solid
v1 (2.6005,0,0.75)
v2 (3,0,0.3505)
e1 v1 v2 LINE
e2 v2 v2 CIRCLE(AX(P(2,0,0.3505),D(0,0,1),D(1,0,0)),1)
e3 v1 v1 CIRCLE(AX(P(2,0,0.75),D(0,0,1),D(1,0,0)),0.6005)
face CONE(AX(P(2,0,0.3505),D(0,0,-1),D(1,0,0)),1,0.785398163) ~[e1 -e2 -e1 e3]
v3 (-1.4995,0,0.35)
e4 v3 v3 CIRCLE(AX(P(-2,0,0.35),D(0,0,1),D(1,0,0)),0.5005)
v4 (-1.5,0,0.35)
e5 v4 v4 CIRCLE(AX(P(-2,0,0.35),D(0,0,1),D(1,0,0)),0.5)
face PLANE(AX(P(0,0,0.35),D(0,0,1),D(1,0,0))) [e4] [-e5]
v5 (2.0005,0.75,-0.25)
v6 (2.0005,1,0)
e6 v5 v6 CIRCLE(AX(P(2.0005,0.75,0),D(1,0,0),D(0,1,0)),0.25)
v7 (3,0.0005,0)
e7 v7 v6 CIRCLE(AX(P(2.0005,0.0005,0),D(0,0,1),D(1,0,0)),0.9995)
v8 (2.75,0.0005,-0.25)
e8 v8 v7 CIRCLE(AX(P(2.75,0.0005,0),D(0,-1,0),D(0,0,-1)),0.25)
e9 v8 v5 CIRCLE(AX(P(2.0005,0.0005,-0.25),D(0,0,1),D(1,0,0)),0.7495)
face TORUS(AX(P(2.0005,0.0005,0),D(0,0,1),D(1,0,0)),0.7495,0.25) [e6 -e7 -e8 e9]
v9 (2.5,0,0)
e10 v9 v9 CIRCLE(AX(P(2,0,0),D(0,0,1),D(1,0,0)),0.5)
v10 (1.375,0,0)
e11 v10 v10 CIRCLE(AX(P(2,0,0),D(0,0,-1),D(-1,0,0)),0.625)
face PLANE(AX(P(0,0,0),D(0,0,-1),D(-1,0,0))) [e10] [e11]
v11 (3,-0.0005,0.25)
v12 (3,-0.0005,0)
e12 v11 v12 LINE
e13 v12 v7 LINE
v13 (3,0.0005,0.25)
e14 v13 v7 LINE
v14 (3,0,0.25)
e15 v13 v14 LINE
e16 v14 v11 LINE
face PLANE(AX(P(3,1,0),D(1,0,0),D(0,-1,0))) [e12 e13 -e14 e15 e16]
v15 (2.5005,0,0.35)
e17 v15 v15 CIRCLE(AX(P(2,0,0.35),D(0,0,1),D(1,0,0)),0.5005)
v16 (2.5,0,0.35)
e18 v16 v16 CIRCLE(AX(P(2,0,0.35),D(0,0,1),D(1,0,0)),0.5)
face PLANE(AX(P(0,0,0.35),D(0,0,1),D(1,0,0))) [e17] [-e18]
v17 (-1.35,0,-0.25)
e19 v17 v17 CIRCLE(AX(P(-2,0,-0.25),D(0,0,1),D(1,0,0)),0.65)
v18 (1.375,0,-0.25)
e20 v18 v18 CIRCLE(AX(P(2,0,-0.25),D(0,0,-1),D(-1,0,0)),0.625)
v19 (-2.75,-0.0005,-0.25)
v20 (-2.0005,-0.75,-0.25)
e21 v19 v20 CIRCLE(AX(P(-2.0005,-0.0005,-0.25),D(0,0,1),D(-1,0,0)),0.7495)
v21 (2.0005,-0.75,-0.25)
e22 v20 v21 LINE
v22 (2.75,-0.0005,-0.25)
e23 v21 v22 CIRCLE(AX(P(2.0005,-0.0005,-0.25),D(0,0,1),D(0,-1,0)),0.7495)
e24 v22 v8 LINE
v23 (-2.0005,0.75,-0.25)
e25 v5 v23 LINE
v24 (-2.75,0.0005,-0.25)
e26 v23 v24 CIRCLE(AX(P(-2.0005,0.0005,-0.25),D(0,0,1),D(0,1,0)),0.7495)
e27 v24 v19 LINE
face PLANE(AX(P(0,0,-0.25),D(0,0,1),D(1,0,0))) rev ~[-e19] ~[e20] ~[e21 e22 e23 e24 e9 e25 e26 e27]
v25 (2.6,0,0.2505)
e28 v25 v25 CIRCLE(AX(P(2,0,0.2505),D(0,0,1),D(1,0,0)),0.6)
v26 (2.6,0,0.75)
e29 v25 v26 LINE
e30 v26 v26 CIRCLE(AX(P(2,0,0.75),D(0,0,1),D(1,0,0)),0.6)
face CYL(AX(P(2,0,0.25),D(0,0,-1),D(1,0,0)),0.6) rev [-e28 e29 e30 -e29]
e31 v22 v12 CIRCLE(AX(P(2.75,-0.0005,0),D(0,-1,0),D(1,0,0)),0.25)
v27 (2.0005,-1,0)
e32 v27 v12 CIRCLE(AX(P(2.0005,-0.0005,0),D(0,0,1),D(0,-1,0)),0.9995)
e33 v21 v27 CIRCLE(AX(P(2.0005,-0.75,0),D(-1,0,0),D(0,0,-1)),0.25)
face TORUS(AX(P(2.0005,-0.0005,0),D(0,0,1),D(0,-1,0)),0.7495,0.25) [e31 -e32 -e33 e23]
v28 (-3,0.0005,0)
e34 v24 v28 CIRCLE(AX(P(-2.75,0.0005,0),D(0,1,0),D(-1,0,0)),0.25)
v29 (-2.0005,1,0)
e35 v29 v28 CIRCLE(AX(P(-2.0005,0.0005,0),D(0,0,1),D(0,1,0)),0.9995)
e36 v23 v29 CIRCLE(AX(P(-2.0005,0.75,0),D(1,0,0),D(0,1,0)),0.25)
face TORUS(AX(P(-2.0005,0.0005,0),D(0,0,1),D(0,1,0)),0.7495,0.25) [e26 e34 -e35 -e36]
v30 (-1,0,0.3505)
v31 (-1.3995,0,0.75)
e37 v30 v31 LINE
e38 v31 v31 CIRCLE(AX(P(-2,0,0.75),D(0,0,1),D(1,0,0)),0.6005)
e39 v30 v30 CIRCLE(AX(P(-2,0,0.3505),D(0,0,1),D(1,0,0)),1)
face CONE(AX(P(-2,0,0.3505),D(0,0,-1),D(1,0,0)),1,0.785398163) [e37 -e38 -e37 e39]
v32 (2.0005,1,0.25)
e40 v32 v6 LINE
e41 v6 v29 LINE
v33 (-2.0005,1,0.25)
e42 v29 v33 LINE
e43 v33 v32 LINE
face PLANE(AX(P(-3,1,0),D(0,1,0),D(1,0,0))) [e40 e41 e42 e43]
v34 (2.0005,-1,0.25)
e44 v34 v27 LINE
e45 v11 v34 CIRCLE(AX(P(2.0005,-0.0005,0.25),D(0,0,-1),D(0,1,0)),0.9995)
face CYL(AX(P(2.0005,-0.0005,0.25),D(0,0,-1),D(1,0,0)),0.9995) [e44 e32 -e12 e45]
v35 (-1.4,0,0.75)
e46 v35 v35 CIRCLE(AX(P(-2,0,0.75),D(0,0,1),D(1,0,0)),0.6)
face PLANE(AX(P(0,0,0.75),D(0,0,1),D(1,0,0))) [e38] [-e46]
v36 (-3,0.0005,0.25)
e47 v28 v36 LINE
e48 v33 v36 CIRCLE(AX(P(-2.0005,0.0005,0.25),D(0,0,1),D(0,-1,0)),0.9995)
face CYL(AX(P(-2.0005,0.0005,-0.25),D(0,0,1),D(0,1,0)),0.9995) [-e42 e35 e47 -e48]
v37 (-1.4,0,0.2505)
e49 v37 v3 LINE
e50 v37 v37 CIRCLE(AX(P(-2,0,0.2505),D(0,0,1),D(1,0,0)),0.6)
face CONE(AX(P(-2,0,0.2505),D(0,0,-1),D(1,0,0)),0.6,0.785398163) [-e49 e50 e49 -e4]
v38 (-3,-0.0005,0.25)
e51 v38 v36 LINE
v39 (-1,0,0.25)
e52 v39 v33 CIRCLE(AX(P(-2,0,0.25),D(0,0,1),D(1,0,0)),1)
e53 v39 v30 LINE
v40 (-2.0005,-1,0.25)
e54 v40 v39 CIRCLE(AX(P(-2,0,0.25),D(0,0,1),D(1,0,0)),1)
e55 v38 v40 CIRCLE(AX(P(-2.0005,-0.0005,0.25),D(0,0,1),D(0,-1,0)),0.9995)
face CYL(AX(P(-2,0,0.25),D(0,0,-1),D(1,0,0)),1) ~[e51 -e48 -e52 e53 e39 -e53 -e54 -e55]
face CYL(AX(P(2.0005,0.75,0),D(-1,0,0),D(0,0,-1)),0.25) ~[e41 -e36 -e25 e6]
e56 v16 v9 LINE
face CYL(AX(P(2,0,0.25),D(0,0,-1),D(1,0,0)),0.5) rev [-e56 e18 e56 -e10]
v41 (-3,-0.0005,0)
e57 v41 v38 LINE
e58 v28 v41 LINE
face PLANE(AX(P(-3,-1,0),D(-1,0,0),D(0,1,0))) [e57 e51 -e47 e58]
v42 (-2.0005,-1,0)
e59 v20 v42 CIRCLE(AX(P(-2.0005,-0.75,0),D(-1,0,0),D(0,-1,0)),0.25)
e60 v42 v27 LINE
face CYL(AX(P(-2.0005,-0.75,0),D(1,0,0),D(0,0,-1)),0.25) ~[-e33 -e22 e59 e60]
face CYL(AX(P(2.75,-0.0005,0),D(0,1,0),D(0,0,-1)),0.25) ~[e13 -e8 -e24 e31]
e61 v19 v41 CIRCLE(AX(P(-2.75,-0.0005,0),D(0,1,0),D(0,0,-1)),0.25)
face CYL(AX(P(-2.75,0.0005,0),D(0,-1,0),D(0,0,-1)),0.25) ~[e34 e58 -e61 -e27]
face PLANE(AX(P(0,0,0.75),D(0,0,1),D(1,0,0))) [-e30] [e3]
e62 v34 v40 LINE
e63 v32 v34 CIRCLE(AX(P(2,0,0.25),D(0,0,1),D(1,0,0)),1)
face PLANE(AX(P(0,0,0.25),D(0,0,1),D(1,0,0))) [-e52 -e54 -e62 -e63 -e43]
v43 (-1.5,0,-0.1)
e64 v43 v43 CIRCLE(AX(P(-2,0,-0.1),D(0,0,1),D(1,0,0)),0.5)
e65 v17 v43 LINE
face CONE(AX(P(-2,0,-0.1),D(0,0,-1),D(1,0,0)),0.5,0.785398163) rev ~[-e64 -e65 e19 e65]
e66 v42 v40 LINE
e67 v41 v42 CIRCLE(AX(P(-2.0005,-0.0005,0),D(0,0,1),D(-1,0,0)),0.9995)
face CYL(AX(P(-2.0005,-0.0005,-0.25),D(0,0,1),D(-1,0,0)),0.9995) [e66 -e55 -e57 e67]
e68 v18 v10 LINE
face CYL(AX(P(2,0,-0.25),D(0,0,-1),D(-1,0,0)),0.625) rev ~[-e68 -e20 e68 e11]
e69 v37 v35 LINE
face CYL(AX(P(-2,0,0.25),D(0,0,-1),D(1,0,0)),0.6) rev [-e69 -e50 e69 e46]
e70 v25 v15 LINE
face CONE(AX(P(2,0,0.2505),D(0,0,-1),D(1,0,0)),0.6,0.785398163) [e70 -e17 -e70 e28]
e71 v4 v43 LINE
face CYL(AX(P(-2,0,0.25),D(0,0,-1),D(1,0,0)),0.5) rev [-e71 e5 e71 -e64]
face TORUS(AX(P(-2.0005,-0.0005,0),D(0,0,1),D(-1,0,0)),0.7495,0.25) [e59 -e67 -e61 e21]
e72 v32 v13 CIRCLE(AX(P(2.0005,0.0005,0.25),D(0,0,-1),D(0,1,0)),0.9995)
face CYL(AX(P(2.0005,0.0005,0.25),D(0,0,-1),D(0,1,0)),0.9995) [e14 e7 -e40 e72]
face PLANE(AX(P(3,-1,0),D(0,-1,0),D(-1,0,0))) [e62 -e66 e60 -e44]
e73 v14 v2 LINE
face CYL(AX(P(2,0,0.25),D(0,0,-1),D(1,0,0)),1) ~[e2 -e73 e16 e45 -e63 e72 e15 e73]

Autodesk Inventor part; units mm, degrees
ref_plane "YZ Plane" through (0, 0, 0) normal (1, 0, 0) x (0, 1, 0)
ref_plane "XZ Plane" through (0, 0, 0) normal (0, 1, 0) x (-1, 0, 0)
ref_plane "XY Plane" through (0, 0, 0) normal (0, 0, 1) x (1, 0, 0)
sketch "Sketch1" plane through (0, 0, 0) normal (0, 0, 1) x (1, 0, 0)
  line L0 (-3, 1) -> (3, 1)
  line L1 (3, 1) -> (3, -1)
  line L2 (3, -1) -> (-3, -1)
  line L3 (-3, -1) -> (-3, 1)
  circle A0 centre (-2, 0) radius 0.5
  circle A1 centre (2, 0) radius 0.5
  point P0 (0, 0)
  point P1 (-3, 0)
  point P2 (0, 1)
  dimension "d0" = 6
  dimension "d1" = 2
  dimension "d2" = 1
  dimension "d3" = 1
  dimension "d4" = 4
  dimension "d5" = 2
extrude "Extrusion1" add sketch "Sketch1" along normal mid plane 0.5
fillet "Fillet1" radius 1 4 edges at (3, 1, 0) (3, -1, 0) (-3, 1, 0) (-3, -1, 0)
sketch "Sketch2" plane through (0, 0, 0.25) normal (0, 0, 1) x (1, 0, 0)
  circle A0 centre (-2, 0) radius 0.5 projected
  circle A1 centre (-2, 0) radius 0.6
  circle A2 centre (2, 0) radius 0.5 projected
  circle A3 centre (2, 0) radius 0.6
  circle A4 centre (2, 0) radius 1
  circle A5 centre (-2, 0) radius 1
  point P0 (0, 0)
  dimension "d9" = 1.2
  dimension "d15" = 1.2
  dimension "d21" = 2
  dimension "d22" = 2
extrude "Extrusion2" add sketch "Sketch2" along normal blind 0.1 contours A1
chamfer "Chamfer1" distance 0.1 angle 45 1 edges at (-2.6, 0, 0.35)
extrude "Extrusion3" add sketch "Sketch2" along normal blind 0.1 contours A3
chamfer "Chamfer2" distance 0.1 angle 45 1 edges at (1.4, 0, 0.35)
extrude "Extrusion4" add sketch "Sketch2" along normal blind 0.5 contours A4 | A5
chamfer "Chamfer3" distance 0.4 angle 45 2 edges at (1, 0, 0.75) (-3, 0, 0.75)
fillet "Fillet2" radius 0.25 4 edges at (-2.7073, 0.7073, -0.25) (0, 1, -0.25) (2.7073, 0.7073, -0.25) (0, -1, -0.25)
chamfer "Chamfer4" distance 0.15 angle 45 1 edges at (-2.5, 0, -0.25)
sketch "Sketch3" plane through (0, 0, -0.25) normal (0, 0, -1) x (-1, 0, 0)
  circle A0 centre (-2, 0) radius 0.5 projected
  circle A1 centre (2, 0) radius 0.65 projected
  arc A2 (2, -0.75) -> (2, 0.75) centre (2, 0) ccw projected
  line L0 (-2, 0.75) -> (2, 0.75) projected
  arc A3 (-2, 0.75) -> (-2, -0.75) centre (-2, 0) ccw projected
  line L1 (2, -0.75) -> (-2, -0.75) projected
  circle A4 centre (-2, 0) radius 0.5 projected
  circle A5 centre (2, 0) radius 0.65 projected
  circle A6 centre (-2, 0) radius 0.5 projected
  circle A7 centre (-2, 0) radius 0.625
  point P0 (0, 0)
  dimension "d32" = 1.25
extrude "Extrusion5" cut sketch "Sketch3" against normal blind 0.25 contours A7
properties part number "Link_1"
